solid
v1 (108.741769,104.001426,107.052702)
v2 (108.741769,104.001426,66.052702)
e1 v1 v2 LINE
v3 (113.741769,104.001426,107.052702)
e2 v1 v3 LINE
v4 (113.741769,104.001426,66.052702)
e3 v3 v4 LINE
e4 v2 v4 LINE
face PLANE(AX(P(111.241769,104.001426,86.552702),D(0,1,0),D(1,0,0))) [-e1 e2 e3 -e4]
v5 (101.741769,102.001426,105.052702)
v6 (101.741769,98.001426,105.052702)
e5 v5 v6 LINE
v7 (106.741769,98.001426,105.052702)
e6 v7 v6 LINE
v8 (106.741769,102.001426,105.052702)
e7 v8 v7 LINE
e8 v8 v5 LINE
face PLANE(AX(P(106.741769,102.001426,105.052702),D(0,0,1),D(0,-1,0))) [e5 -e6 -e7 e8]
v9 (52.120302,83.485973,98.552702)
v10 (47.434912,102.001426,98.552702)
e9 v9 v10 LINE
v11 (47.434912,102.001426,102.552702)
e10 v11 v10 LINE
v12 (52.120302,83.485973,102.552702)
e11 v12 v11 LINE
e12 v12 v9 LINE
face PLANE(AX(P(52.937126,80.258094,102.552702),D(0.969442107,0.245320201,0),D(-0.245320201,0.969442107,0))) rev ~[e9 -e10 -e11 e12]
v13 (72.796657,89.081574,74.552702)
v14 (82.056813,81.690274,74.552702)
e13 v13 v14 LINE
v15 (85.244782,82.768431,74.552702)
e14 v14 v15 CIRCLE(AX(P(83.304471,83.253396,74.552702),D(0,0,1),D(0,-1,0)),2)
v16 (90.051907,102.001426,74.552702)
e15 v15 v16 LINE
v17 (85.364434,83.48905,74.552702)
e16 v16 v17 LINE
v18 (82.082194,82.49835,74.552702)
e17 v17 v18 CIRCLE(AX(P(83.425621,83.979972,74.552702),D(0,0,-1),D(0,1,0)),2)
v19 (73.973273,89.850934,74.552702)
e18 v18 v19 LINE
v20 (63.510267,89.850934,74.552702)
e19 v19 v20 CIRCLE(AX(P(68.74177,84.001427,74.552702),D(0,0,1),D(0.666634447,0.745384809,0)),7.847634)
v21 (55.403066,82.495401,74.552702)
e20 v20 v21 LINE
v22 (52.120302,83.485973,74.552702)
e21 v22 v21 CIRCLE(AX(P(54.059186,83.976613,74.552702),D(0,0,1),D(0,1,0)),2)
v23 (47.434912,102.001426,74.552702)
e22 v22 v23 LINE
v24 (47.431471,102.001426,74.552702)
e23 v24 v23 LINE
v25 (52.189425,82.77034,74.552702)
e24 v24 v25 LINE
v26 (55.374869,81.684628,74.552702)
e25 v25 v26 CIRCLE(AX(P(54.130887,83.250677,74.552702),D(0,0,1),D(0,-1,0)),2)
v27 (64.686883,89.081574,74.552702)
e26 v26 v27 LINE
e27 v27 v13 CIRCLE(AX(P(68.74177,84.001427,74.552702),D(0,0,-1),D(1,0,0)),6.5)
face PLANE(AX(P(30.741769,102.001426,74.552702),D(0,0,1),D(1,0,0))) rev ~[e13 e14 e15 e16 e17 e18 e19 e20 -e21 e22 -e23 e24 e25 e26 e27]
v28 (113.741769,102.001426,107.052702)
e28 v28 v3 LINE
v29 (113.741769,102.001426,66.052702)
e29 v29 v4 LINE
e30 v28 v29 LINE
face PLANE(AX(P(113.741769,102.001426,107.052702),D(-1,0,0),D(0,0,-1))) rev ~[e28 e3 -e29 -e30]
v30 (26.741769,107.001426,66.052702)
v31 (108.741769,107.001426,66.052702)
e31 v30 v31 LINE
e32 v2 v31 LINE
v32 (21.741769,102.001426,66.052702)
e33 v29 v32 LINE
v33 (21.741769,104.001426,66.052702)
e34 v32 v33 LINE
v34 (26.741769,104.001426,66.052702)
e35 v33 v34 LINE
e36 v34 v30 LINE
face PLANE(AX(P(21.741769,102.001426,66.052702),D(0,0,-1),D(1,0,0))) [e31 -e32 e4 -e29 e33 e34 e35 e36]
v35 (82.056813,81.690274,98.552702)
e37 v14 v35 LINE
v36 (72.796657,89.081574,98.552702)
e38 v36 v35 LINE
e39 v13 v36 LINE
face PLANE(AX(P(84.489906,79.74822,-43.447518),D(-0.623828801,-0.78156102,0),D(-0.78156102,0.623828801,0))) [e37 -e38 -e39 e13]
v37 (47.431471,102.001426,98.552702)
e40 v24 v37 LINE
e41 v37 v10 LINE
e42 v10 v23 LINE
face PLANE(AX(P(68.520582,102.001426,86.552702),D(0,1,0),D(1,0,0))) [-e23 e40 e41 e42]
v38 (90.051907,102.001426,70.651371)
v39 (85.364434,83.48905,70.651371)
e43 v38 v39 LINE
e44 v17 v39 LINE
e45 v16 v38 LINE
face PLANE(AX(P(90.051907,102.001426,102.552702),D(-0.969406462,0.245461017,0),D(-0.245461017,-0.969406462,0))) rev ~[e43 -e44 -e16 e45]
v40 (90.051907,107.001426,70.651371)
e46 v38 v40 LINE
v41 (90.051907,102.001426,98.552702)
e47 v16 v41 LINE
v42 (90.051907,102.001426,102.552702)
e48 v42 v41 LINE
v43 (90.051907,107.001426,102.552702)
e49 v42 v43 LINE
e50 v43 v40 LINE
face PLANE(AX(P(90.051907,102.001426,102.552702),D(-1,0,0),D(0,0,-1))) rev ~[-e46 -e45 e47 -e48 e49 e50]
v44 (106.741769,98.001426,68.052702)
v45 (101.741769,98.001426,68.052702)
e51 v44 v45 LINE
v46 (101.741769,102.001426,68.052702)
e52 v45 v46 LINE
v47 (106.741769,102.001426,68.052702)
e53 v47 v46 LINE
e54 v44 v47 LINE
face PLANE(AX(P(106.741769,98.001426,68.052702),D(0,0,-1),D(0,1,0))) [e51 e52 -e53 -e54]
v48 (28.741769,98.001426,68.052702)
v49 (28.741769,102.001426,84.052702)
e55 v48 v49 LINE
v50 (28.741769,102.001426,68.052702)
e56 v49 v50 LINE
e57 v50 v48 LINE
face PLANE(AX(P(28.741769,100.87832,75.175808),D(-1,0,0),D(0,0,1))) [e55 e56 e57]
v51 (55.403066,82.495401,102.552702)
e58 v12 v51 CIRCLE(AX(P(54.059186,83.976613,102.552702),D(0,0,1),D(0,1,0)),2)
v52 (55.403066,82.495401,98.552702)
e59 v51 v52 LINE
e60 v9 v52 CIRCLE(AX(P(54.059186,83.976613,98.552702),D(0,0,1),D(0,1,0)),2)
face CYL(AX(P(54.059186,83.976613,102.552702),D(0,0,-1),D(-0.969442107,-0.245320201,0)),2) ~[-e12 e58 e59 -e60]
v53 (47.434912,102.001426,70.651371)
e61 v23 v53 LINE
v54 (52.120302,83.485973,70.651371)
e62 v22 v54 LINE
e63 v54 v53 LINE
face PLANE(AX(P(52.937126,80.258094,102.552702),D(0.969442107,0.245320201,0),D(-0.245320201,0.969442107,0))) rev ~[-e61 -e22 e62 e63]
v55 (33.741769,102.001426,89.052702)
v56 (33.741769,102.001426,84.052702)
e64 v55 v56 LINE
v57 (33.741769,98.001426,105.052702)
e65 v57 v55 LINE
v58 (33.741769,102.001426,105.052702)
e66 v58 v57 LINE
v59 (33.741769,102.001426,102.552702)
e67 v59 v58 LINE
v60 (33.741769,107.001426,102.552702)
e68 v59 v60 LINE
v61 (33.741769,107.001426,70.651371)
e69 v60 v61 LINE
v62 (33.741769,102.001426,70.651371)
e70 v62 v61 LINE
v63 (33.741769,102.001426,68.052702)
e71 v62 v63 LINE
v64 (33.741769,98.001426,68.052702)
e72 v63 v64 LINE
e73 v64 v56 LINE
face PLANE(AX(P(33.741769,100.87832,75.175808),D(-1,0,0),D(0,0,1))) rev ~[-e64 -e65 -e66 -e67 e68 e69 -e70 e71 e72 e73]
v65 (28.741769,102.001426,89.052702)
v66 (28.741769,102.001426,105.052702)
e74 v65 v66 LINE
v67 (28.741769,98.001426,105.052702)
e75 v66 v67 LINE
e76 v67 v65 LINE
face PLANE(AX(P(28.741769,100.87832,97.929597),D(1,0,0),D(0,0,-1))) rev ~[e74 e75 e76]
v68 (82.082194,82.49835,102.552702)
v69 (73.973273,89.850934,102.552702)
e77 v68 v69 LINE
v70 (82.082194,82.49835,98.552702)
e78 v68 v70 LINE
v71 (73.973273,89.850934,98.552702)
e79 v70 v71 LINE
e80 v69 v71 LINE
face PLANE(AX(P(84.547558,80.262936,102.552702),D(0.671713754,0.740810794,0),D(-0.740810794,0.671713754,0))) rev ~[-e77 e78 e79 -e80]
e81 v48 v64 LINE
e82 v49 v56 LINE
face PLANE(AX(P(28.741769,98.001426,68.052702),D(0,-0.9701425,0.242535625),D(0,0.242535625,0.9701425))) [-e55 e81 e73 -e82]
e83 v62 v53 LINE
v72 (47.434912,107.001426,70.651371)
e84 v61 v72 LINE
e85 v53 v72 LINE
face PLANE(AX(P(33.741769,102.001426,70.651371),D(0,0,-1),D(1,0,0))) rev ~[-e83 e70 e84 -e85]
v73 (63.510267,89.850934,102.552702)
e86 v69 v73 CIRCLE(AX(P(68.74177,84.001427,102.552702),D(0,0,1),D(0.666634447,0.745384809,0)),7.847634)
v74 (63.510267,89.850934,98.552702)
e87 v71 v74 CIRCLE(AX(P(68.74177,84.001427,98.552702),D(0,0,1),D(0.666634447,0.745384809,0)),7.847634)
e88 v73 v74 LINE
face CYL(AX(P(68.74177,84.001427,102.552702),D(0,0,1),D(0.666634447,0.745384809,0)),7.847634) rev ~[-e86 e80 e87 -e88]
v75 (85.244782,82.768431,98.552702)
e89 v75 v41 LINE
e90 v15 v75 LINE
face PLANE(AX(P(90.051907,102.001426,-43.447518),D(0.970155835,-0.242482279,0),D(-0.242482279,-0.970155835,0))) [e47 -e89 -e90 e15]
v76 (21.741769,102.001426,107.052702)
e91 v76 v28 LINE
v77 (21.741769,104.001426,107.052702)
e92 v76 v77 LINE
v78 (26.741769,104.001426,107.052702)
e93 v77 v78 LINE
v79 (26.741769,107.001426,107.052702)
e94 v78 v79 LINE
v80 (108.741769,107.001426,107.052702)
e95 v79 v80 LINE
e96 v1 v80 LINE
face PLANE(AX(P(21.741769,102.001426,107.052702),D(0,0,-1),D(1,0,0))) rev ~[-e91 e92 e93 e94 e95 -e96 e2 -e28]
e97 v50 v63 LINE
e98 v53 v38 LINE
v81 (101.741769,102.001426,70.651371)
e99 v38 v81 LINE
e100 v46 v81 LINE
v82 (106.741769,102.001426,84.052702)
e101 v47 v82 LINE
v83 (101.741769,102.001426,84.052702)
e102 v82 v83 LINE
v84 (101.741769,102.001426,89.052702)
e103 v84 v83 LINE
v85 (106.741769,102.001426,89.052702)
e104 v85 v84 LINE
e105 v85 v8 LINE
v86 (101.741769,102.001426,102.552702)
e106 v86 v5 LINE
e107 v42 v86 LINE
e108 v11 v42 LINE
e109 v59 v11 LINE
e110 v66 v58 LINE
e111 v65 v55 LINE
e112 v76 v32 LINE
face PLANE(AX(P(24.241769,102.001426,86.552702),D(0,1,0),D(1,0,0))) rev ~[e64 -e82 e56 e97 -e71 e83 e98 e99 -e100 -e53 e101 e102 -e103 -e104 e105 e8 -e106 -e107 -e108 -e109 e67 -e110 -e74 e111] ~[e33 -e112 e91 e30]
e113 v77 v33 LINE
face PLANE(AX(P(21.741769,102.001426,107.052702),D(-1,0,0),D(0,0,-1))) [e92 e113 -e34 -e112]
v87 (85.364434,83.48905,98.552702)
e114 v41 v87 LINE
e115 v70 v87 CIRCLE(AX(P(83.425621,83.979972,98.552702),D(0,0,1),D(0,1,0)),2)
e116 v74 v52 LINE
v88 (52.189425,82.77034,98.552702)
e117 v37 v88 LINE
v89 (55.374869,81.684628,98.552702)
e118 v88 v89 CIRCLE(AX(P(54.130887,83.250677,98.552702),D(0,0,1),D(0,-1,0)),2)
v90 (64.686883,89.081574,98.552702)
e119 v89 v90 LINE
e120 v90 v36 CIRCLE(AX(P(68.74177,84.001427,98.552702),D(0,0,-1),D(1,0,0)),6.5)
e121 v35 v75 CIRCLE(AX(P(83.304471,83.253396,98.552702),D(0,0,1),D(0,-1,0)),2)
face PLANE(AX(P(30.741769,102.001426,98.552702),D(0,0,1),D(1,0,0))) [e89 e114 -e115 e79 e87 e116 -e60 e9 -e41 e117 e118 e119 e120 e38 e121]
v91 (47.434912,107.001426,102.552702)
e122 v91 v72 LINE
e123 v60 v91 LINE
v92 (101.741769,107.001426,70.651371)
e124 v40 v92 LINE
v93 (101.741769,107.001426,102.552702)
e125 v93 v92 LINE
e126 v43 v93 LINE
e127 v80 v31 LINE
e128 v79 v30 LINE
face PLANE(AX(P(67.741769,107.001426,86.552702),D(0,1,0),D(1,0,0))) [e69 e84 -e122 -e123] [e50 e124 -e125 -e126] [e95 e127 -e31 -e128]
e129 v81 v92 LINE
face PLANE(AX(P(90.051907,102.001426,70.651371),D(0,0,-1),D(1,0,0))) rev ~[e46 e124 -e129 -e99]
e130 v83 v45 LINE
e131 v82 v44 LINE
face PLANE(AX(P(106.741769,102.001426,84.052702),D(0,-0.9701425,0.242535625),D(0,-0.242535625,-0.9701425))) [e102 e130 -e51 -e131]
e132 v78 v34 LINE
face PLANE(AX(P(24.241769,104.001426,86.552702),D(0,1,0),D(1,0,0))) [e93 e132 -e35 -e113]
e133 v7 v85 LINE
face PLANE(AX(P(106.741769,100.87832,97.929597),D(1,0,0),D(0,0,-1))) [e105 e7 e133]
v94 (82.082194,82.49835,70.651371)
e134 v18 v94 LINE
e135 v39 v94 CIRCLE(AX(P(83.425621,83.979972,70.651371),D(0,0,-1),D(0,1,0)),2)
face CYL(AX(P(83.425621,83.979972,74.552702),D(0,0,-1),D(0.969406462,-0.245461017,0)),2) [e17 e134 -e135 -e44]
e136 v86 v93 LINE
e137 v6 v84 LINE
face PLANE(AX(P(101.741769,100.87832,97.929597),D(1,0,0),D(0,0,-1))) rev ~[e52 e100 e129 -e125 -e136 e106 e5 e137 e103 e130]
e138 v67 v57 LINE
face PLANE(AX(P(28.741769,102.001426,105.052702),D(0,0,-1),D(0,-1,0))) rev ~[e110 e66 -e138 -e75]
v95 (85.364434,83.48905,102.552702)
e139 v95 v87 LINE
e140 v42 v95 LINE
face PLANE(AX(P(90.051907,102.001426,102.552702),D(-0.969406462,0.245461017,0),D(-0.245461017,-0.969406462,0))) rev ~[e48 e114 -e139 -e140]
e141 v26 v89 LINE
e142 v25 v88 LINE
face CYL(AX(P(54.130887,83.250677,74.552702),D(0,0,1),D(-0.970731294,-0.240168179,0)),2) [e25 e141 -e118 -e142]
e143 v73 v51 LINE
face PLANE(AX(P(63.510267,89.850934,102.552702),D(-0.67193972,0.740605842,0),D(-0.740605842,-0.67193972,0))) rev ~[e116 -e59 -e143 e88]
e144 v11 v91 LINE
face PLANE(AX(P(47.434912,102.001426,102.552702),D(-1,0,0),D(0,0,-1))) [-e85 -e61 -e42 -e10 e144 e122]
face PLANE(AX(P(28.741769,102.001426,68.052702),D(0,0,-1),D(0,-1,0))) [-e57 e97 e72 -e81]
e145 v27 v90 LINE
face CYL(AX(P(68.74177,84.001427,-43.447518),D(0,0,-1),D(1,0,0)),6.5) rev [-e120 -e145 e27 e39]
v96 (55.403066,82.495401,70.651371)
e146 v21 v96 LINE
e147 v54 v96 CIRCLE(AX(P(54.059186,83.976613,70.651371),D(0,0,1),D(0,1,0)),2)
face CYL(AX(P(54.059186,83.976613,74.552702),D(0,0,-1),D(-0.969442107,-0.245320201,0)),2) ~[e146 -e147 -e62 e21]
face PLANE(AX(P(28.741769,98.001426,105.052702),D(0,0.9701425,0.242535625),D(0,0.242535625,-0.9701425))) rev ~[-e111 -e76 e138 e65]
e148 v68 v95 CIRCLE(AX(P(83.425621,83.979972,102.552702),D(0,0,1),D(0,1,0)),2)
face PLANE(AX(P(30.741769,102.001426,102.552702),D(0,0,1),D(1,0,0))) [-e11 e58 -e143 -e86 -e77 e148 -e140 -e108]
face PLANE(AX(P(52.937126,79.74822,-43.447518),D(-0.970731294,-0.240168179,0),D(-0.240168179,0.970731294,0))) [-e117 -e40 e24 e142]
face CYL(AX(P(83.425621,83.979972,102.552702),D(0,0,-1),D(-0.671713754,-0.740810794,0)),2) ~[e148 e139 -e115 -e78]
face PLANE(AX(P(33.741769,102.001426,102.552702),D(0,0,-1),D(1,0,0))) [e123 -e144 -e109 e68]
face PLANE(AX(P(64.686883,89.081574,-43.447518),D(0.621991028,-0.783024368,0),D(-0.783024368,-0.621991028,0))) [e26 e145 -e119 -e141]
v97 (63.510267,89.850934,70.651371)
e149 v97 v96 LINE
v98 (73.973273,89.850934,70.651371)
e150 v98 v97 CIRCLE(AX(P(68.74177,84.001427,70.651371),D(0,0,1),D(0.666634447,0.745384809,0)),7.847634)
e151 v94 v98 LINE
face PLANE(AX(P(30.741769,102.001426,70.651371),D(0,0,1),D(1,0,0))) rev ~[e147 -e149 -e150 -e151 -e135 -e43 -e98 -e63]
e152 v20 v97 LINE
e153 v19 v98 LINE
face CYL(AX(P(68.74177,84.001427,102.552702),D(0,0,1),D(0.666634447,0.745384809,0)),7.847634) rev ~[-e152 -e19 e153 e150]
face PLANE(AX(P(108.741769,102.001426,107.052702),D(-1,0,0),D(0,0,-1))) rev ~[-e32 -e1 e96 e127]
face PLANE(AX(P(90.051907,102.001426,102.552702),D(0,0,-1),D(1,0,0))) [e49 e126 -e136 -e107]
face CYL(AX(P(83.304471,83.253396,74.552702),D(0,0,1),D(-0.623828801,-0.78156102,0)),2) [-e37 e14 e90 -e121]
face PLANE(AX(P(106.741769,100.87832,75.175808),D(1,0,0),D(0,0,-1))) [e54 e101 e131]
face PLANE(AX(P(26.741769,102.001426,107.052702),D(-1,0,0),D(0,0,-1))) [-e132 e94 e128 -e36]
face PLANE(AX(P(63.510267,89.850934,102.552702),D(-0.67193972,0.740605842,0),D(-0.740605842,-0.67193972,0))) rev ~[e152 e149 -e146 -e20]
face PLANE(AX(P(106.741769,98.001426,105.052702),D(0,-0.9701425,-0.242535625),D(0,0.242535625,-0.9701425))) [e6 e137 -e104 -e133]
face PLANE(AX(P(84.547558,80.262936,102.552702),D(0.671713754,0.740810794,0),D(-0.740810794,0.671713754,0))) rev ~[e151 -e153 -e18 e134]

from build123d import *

# Parameters (mm, degrees)
SKETCH_1_W                = 75.557626564
SKETCH_1_H                = 3.901331086
EXTRUDE_1_DEPTH           = 25
SKETCH_1_H_2              = 4
EXTRUDE_1_2_DEPTH         = 25
CUT_EXTRUDE_15_DEPTH      = 32
SKETCH_1_6_W              = 75.557626564
SKETCH_1_6_H              = 24
EXTRUDE_5_DEPTH           = 25
CUT_EXTRUDE_16_DEPTH      = 153.500220667
CUT_EXTRUDE_16_DEPTH_BACK = 153.500220667
FILLET_2_R                = 2
FILLET_3_R                = 2
EXTRUDE_6_DEPTH           = 5
EXTRUDE_6_2_DEPTH         = 5
EXTRUDE_7_DEPTH           = 5
EXTRUDE_7_2_DEPTH         = 5
SKETCH_6_W                = 82
SKETCH_6_H                = 41
SKETCH_6_W_2              = 13.693142479
SKETCH_6_H_2              = 31.901331086
SKETCH_6_W_3              = 11.689861707
EXTRUDE_8_DEPTH           = 5
SKETCH_7_W                = 5
SKETCH_7_H                = 41
EXTRUDE_9_DEPTH           = 2
CUT_EXTRUDE_17_DEPTH      = 163.242088223
CUT_EXTRUDE_17_DEPTH_BACK = 163.242088223


with BuildPart() as part:
    # Эскиз1 → Бобышка-Вытянуть1 (new body)
    with BuildSketch(Plane(origin=(0, 102.001425994, 0), x_dir=(1, 0, 0), z_dir=(0, 1, 0))):
        with Locations((68.52058233, -72.602036932)):
            Rectangle(SKETCH_1_W, SKETCH_1_H)
    extrude(amount=-EXTRUDE_1_DEPTH)


with BuildPart() as body_2:
    # Эскиз1 → Extrude 1 2 (new body)
    with BuildSketch(Plane(origin=(0, 102.001425994, 0), x_dir=(1, 0, 0), z_dir=(0, 1, 0))):
        with Locations((68.52058233, -100.552702475)):
            Rectangle(SKETCH_1_W, SKETCH_1_H_2)
    extrude(amount=-EXTRUDE_1_2_DEPTH)


with BuildPart() as cut_extrude_15_tool:
    # Эскиз2 → Вырез-Вытянуть15 (new body)
    with BuildSketch(Plane.XY.offset(102.552702475)):
        with BuildLine():
            Line((63.510266919, 89.850934142), (52.937126115, 80.258094246))
            Line((52.937126115, 80.258094246), (47.434911527, 102.001425994))
            Line((47.434911527, 102.001425994), (30.741769048, 102.001425994))
            Line((30.741769048, 102.001425994), (30.741769048, 77.001425994))
            Line((30.741769048, 77.001425994), (106.299395612, 77.001425994))
            Line((106.299395612, 77.001425994), (106.299395612, 102.001425994))
            Line((106.299395612, 102.001425994), (90.051907341, 102.001425994))
            Line((90.051907341, 102.001425994), (84.547557962, 80.262935973))
            Line((84.547557962, 80.262935973), (73.973273177, 89.850934142))
            ThreePointArc((73.973273177, 89.850934142), (68.741770048, 91.84906096), (63.510266919, 89.850934142))
        make_face()
    extrude(amount=-CUT_EXTRUDE_15_DEPTH)


with BuildPart() as part_1:
    add(part.part)

    # Вырез-Вытянуть15: cut by cut_extrude_15_tool
    add(cut_extrude_15_tool.part, mode=Mode.SUBTRACT)



with BuildPart() as body_2_1:
    add(body_2.part)

    # Вырез-Вытянуть15: cut by cut_extrude_15_tool
    add(cut_extrude_15_tool.part, mode=Mode.SUBTRACT)


with BuildPart() as part_2:
    add(part_1.part)

    add(body_2_1.part)  # Бобышка-Вытянуть5 merges body 2
    # Эскиз1<6> → Бобышка-Вытянуть5 (add)
    with BuildSketch(Plane(origin=(0, 102.001425994, 0), x_dir=(1, 0, 0), z_dir=(0, 1, 0))):
        with Locations((68.52058233, -86.552702475)):
            Rectangle(SKETCH_1_6_W, SKETCH_1_6_H)
    extrude(amount=-EXTRUDE_5_DEPTH)

    # Эскиз3 → Вырез-Вытянуть16 (cut, two sides: drawn at the far end of the back side and taken through both)
    with BuildSketch(Plane.XY.offset(110.052702475).offset(-CUT_EXTRUDE_16_DEPTH_BACK)):
        with BuildLine():
            Line((52.937126115, 79.748220071), (47.431470764, 102.001425994))
            Line((47.431470764, 102.001425994), (30.73376132, 102.001425994))
            Line((30.73376132, 102.001425994), (30.741769048, 77.001425994))
            Line((30.741769048, 77.001425994), (88.549097609, 77.001425994))
            ThreePointArc((88.549097609, 77.001425994), (93.741770048, 86.149059032), (98.934442488, 77.001425994))
            Line((98.934442488, 77.001425994), (106.299395612, 77.001425994))
            Line((106.299395612, 77.001425994), (106.299395612, 102.001425994))
            Line((106.299395612, 102.001425994), (90.051907341, 102.001425994))
            Line((90.051907341, 102.001425994), (84.489905965, 79.748220071))
            Line((84.489905965, 79.748220071), (72.796657252, 89.081573622))
            ThreePointArc((72.796657252, 89.081573622), (68.741770048, 90.501426994), (64.686882844, 89.081573622))
            Line((64.686882844, 89.081573622), (52.937126115, 79.748220071))
        make_face()
    extrude(amount=CUT_EXTRUDE_16_DEPTH + CUT_EXTRUDE_16_DEPTH_BACK, mode=Mode.SUBTRACT)


with BuildPart() as cut_extrude_16_piece_1:
    # of the separate pieces the step leaves, piece 1, a body of its own (cut_extrude_16_pieces)
    add(part_2.part.solids().sort_by_distance((90.051907341, 102.001425994, 74.552702475))[0])

    # Скругление2
    fillet_2_edges = [cut_extrude_16_piece_1.edges().sort_by_distance(p)[0] for p in [
        (52.937126115, 80.258094246, 100.552702475),
        (52.937126115, 80.258094246, 72.602036932),
        (84.547557962, 80.262935973, 100.552702475),
        (84.547557962, 80.262935973, 72.602036932),
    ]]
    fillet(fillet_2_edges, radius=FILLET_2_R)

    # Скругление3
    fillet_3_edges = [cut_extrude_16_piece_1.edges().sort_by_distance(p)[0] for p in [
        (84.489905965, 79.748220071, 86.552702475),
        (52.937126115, 79.748220071, 86.552702475),
    ]]
    fillet(fillet_3_edges, radius=FILLET_3_R)



with BuildPart() as cut_extrude_16_piece_2:
    # of the separate pieces the step leaves, piece 2, a body of its own (cut_extrude_16_pieces)
    add(part_2.part.solids().sort_by_distance((88.549097609, 77.001425994, 74.552702475))[0])

    # Эскиз3<3> → Вырез-Вытянуть17 (cut, two sides: drawn at the far end of the back side and taken through both)
    with BuildSketch(Plane.XY.offset(110.052702475).offset(-CUT_EXTRUDE_17_DEPTH_BACK)):
        with BuildLine():
            ThreePointArc((99.789402086, 80.101426994), (92.13390173, 85.931402357), (88.549097609, 77.001425994))
            Line((88.549097609, 77.001425994), (98.934442488, 77.001425994))
            ThreePointArc((98.934442488, 77.001425994), (99.571745411, 78.493558676), (99.789402086, 80.101426994))
        make_face()
    extrude(amount=CUT_EXTRUDE_17_DEPTH + CUT_EXTRUDE_17_DEPTH_BACK, mode=Mode.SUBTRACT)


with BuildPart() as body_3:
    # Эскиз4 → Бобышка-Вытянуть6 (new body)
    with BuildSketch(Plane(origin=(28.741769048, 0, 0), x_dir=(0, 0, -1), z_dir=(1, 0, 0))):
        Polygon((-105.052702475, 102.001425994), (-105.052702475, 98.001425994), (-89.052702475, 102.001425994), align=None)
    extrude(amount=EXTRUDE_6_DEPTH)


with BuildPart() as body_4:
    # Эскиз4 → Extrude 6 2 (new body)
    with BuildSketch(Plane(origin=(28.741769048, 0, 0), x_dir=(0, 0, -1), z_dir=(1, 0, 0))):
        Polygon((-68.052702475, 102.001425994), (-68.052702475, 98.001425994), (-84.052702475, 102.001425994), align=None)
    extrude(amount=EXTRUDE_6_2_DEPTH)


with BuildPart() as body_5:
    # Эскиз5 → Бобышка-Вытянуть7 (new body)
    with BuildSketch(Plane.ZY.offset(-106.741769048)):
        Polygon((105.052702475, 102.001425994), (105.052702475, 98.001425994), (89.052702475, 102.001425994), align=None)
    extrude(amount=EXTRUDE_7_DEPTH)


with BuildPart() as body_6:
    # Эскиз5 → Extrude 7 2 (new body)
    with BuildSketch(Plane.ZY.offset(-106.741769048)):
        Polygon((68.052702475, 102.001425994), (84.052702475, 102.001425994), (68.052702475, 98.001425994), align=None)
    extrude(amount=EXTRUDE_7_2_DEPTH)


with BuildPart() as cut_extrude_16_piece_1_1:
    add(cut_extrude_16_piece_1.part)

    add(body_3.part)  # Бобышка-Вытянуть8 merges body 3

    add(body_4.part)  # Бобышка-Вытянуть8 merges body 4

    add(body_5.part)  # Бобышка-Вытянуть8 merges body 5

    add(body_6.part)  # Бобышка-Вытянуть8 merges body 6
    # Эскиз6 → Бобышка-Вытянуть8 (add)
    with BuildSketch(Plane(origin=(0, 102.001425994, 0), x_dir=(1, 0, 0), z_dir=(0, 1, 0))):
        with Locations((67.741769048, -86.552702475)):
            Rectangle(SKETCH_6_W, SKETCH_6_H)
        with Locations((40.588340288, -86.602036932)):
            Rectangle(SKETCH_6_W_2, SKETCH_6_H_2, mode=Mode.SUBTRACT)
        with Locations((95.896838195, -86.602036932)):
            Rectangle(SKETCH_6_W_3, SKETCH_6_H_2, mode=Mode.SUBTRACT)
    extrude(amount=EXTRUDE_8_DEPTH)

    # Эскиз7 → Бобышка-Вытянуть9 (add)
    with BuildSketch(Plane(origin=(0, 102.001425994, 0), x_dir=(1, 0, 0), z_dir=(0, 1, 0))):
        with Locations((24.241769048, -86.552702475)):
            Rectangle(SKETCH_7_W, SKETCH_7_H)
        with Locations((111.241769048, -86.552702475)):
            Rectangle(SKETCH_7_W, SKETCH_7_H)
    extrude(amount=EXTRUDE_9_DEPTH)


solid = cut_extrude_16_piece_1_1.part
